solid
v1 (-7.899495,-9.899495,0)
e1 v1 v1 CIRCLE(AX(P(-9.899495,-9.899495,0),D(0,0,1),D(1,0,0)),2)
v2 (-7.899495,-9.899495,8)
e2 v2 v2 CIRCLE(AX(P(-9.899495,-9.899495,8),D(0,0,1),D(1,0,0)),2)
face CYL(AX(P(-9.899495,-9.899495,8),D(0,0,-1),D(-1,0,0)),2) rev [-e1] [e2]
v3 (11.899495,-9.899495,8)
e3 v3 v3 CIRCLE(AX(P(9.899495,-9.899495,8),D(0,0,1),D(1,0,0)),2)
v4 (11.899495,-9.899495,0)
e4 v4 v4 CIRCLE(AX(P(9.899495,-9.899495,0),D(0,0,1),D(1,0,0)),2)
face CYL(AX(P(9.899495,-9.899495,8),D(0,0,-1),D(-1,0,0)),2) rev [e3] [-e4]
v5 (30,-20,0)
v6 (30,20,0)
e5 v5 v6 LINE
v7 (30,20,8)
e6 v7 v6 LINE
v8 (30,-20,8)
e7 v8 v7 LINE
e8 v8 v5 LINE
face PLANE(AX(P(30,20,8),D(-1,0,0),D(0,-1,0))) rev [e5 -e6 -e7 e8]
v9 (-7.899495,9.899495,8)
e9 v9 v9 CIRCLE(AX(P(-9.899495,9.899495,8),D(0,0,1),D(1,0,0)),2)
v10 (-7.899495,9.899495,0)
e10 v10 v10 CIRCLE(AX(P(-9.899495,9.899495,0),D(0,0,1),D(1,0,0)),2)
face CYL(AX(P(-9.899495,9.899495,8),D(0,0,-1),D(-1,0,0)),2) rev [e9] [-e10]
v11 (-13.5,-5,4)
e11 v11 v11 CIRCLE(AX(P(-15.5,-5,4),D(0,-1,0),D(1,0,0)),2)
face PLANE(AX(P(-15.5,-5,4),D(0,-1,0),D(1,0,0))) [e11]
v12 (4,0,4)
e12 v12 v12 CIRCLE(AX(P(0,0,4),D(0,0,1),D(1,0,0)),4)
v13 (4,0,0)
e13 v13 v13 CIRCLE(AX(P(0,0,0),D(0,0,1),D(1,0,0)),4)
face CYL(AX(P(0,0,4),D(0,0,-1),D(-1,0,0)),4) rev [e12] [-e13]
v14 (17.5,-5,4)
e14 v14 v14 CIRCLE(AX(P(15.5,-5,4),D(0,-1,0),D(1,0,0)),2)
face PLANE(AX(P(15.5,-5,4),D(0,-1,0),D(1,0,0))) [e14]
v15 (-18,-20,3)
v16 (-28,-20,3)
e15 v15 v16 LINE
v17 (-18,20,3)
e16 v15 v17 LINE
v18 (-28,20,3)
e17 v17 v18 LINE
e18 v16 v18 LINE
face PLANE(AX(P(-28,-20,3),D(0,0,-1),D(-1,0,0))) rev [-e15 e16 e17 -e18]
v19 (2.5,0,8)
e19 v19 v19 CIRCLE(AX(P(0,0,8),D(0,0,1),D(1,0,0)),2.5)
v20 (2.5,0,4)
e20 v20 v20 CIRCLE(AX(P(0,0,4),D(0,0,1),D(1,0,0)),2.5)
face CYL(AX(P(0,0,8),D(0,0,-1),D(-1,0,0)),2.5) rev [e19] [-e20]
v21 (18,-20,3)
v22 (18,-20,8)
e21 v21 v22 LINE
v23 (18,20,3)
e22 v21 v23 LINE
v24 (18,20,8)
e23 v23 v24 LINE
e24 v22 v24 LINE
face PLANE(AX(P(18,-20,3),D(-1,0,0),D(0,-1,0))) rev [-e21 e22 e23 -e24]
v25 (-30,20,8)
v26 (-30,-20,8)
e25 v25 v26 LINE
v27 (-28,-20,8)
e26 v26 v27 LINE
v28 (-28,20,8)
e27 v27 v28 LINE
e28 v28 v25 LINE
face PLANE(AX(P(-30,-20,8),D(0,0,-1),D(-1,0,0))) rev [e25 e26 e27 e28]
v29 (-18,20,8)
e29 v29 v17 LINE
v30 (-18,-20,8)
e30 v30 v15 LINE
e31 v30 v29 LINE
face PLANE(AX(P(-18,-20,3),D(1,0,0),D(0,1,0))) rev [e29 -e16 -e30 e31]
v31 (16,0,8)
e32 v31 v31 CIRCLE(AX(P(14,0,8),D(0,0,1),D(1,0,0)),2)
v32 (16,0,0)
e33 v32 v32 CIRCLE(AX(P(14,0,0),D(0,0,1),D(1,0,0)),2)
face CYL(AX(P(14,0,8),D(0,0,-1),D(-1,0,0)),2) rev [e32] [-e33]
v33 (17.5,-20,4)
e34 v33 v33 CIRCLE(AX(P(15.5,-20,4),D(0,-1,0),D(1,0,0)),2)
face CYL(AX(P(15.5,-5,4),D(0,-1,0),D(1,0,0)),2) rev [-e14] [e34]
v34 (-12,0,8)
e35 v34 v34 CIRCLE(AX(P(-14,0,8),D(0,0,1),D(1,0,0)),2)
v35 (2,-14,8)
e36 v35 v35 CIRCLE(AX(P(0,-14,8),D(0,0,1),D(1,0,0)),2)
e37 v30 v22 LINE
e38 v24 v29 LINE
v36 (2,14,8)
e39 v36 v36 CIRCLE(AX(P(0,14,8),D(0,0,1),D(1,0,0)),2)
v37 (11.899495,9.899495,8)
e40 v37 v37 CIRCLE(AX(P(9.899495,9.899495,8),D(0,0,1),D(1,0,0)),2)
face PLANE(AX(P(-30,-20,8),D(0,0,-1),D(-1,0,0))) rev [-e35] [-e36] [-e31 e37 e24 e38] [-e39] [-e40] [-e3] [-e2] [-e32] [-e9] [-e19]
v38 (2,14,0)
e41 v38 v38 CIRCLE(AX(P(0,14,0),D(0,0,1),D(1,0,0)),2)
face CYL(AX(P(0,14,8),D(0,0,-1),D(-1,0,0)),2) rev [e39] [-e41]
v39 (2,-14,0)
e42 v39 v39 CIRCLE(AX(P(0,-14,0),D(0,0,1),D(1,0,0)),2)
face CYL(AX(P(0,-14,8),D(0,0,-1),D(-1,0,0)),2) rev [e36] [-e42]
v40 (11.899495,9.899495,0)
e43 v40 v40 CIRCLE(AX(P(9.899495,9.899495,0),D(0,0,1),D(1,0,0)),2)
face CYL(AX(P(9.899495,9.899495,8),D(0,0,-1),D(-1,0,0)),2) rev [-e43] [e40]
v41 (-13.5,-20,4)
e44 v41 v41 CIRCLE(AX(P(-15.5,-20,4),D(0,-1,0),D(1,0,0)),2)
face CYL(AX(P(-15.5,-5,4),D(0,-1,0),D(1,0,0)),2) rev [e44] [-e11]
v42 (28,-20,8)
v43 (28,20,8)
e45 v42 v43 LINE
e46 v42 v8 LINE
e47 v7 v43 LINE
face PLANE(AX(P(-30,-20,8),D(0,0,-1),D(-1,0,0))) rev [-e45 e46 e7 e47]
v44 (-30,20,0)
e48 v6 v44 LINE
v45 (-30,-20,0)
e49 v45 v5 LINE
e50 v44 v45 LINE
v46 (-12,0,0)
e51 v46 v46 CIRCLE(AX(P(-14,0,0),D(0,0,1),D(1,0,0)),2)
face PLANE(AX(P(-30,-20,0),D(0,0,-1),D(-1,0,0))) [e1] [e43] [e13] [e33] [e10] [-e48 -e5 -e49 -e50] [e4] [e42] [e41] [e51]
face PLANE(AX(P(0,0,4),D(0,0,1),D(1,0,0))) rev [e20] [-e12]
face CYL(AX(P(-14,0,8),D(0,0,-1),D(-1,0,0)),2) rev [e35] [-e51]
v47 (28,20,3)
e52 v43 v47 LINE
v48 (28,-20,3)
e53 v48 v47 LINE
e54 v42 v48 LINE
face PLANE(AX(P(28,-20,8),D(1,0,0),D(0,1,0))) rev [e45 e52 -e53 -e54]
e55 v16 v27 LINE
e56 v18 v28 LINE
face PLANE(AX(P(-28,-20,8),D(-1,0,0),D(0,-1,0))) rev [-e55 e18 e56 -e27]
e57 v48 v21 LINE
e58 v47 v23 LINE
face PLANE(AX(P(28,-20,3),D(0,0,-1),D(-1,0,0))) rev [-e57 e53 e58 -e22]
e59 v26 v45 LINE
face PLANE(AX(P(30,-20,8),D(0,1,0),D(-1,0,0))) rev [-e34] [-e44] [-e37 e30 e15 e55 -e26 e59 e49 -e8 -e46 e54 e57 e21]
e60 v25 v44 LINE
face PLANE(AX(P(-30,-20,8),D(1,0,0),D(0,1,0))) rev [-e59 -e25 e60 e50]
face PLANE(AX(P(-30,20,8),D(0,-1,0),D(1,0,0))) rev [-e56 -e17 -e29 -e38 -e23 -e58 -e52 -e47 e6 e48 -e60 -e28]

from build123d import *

# Parameters (mm, degrees)
ESQUISSE1_W      = 60
ESQUISSE1_H      = 40
ESQUISSE1_R      = 2.5
ESQUISSE1_R_2    = 2
EXTRUSION1_DEPTH = 8
ESQUISSE2_R      = 4
EXTRUSION2_DEPTH = 4
ESQUISSE3_R      = 2
EXTRUSION3_DEPTH = 15
ESQUISSE4_W      = 10
ESQUISSE4_H      = 5
EXTRUSION4_DEPTH = 41


with BuildPart() as part:
    # Esquisse1 → Extrusion1 (new body)
    with BuildSketch(Plane.XY):
        Rectangle(ESQUISSE1_W, ESQUISSE1_H)
        Circle(ESQUISSE1_R, mode=Mode.SUBTRACT)
        with Locations((9.899494937, 9.899494937)):
            Circle(ESQUISSE1_R_2, mode=Mode.SUBTRACT)
        with Locations((0, 14)):
            Circle(ESQUISSE1_R_2, mode=Mode.SUBTRACT)
        with Locations((14, 0)):
            Circle(ESQUISSE1_R_2, mode=Mode.SUBTRACT)
        with Locations((9.899494937, -9.899494937)):
            Circle(ESQUISSE1_R_2, mode=Mode.SUBTRACT)
        with Locations((0, -14)):
            Circle(ESQUISSE1_R_2, mode=Mode.SUBTRACT)
        with Locations((-9.899494937, -9.899494937)):
            Circle(ESQUISSE1_R_2, mode=Mode.SUBTRACT)
        with Locations((-14, 0)):
            Circle(ESQUISSE1_R_2, mode=Mode.SUBTRACT)
        with Locations((-9.899494937, 9.899494937)):
            Circle(ESQUISSE1_R_2, mode=Mode.SUBTRACT)
    extrude(amount=EXTRUSION1_DEPTH)

    # Esquisse2 → Extrusion2 (cut)
    with BuildSketch(Plane.XY):
        Circle(ESQUISSE2_R)
    extrude(amount=EXTRUSION2_DEPTH, mode=Mode.SUBTRACT)

    # Esquisse3 → Extrusion3 (cut)
    with BuildSketch(Plane.XZ.offset(20)):
        with Locations((-15.5, 4)):
            Circle(ESQUISSE3_R)
        with Locations((15.5, 4)):
            Circle(ESQUISSE3_R)
    extrude(amount=-EXTRUSION3_DEPTH, mode=Mode.SUBTRACT)

    # Esquisse4 → Extrusion4 (cut, through all)
    with BuildSketch(Plane(origin=(0, 20, 0), x_dir=(1, 0, 0), z_dir=(0, 1, 0))):
        with Locations((-23, -5.5)):
            Rectangle(ESQUISSE4_W, ESQUISSE4_H)
        with Locations((23, -5.5)):
            Rectangle(ESQUISSE4_W, ESQUISSE4_H)
    extrude(amount=-EXTRUSION4_DEPTH, mode=Mode.SUBTRACT)


solid = part.part
